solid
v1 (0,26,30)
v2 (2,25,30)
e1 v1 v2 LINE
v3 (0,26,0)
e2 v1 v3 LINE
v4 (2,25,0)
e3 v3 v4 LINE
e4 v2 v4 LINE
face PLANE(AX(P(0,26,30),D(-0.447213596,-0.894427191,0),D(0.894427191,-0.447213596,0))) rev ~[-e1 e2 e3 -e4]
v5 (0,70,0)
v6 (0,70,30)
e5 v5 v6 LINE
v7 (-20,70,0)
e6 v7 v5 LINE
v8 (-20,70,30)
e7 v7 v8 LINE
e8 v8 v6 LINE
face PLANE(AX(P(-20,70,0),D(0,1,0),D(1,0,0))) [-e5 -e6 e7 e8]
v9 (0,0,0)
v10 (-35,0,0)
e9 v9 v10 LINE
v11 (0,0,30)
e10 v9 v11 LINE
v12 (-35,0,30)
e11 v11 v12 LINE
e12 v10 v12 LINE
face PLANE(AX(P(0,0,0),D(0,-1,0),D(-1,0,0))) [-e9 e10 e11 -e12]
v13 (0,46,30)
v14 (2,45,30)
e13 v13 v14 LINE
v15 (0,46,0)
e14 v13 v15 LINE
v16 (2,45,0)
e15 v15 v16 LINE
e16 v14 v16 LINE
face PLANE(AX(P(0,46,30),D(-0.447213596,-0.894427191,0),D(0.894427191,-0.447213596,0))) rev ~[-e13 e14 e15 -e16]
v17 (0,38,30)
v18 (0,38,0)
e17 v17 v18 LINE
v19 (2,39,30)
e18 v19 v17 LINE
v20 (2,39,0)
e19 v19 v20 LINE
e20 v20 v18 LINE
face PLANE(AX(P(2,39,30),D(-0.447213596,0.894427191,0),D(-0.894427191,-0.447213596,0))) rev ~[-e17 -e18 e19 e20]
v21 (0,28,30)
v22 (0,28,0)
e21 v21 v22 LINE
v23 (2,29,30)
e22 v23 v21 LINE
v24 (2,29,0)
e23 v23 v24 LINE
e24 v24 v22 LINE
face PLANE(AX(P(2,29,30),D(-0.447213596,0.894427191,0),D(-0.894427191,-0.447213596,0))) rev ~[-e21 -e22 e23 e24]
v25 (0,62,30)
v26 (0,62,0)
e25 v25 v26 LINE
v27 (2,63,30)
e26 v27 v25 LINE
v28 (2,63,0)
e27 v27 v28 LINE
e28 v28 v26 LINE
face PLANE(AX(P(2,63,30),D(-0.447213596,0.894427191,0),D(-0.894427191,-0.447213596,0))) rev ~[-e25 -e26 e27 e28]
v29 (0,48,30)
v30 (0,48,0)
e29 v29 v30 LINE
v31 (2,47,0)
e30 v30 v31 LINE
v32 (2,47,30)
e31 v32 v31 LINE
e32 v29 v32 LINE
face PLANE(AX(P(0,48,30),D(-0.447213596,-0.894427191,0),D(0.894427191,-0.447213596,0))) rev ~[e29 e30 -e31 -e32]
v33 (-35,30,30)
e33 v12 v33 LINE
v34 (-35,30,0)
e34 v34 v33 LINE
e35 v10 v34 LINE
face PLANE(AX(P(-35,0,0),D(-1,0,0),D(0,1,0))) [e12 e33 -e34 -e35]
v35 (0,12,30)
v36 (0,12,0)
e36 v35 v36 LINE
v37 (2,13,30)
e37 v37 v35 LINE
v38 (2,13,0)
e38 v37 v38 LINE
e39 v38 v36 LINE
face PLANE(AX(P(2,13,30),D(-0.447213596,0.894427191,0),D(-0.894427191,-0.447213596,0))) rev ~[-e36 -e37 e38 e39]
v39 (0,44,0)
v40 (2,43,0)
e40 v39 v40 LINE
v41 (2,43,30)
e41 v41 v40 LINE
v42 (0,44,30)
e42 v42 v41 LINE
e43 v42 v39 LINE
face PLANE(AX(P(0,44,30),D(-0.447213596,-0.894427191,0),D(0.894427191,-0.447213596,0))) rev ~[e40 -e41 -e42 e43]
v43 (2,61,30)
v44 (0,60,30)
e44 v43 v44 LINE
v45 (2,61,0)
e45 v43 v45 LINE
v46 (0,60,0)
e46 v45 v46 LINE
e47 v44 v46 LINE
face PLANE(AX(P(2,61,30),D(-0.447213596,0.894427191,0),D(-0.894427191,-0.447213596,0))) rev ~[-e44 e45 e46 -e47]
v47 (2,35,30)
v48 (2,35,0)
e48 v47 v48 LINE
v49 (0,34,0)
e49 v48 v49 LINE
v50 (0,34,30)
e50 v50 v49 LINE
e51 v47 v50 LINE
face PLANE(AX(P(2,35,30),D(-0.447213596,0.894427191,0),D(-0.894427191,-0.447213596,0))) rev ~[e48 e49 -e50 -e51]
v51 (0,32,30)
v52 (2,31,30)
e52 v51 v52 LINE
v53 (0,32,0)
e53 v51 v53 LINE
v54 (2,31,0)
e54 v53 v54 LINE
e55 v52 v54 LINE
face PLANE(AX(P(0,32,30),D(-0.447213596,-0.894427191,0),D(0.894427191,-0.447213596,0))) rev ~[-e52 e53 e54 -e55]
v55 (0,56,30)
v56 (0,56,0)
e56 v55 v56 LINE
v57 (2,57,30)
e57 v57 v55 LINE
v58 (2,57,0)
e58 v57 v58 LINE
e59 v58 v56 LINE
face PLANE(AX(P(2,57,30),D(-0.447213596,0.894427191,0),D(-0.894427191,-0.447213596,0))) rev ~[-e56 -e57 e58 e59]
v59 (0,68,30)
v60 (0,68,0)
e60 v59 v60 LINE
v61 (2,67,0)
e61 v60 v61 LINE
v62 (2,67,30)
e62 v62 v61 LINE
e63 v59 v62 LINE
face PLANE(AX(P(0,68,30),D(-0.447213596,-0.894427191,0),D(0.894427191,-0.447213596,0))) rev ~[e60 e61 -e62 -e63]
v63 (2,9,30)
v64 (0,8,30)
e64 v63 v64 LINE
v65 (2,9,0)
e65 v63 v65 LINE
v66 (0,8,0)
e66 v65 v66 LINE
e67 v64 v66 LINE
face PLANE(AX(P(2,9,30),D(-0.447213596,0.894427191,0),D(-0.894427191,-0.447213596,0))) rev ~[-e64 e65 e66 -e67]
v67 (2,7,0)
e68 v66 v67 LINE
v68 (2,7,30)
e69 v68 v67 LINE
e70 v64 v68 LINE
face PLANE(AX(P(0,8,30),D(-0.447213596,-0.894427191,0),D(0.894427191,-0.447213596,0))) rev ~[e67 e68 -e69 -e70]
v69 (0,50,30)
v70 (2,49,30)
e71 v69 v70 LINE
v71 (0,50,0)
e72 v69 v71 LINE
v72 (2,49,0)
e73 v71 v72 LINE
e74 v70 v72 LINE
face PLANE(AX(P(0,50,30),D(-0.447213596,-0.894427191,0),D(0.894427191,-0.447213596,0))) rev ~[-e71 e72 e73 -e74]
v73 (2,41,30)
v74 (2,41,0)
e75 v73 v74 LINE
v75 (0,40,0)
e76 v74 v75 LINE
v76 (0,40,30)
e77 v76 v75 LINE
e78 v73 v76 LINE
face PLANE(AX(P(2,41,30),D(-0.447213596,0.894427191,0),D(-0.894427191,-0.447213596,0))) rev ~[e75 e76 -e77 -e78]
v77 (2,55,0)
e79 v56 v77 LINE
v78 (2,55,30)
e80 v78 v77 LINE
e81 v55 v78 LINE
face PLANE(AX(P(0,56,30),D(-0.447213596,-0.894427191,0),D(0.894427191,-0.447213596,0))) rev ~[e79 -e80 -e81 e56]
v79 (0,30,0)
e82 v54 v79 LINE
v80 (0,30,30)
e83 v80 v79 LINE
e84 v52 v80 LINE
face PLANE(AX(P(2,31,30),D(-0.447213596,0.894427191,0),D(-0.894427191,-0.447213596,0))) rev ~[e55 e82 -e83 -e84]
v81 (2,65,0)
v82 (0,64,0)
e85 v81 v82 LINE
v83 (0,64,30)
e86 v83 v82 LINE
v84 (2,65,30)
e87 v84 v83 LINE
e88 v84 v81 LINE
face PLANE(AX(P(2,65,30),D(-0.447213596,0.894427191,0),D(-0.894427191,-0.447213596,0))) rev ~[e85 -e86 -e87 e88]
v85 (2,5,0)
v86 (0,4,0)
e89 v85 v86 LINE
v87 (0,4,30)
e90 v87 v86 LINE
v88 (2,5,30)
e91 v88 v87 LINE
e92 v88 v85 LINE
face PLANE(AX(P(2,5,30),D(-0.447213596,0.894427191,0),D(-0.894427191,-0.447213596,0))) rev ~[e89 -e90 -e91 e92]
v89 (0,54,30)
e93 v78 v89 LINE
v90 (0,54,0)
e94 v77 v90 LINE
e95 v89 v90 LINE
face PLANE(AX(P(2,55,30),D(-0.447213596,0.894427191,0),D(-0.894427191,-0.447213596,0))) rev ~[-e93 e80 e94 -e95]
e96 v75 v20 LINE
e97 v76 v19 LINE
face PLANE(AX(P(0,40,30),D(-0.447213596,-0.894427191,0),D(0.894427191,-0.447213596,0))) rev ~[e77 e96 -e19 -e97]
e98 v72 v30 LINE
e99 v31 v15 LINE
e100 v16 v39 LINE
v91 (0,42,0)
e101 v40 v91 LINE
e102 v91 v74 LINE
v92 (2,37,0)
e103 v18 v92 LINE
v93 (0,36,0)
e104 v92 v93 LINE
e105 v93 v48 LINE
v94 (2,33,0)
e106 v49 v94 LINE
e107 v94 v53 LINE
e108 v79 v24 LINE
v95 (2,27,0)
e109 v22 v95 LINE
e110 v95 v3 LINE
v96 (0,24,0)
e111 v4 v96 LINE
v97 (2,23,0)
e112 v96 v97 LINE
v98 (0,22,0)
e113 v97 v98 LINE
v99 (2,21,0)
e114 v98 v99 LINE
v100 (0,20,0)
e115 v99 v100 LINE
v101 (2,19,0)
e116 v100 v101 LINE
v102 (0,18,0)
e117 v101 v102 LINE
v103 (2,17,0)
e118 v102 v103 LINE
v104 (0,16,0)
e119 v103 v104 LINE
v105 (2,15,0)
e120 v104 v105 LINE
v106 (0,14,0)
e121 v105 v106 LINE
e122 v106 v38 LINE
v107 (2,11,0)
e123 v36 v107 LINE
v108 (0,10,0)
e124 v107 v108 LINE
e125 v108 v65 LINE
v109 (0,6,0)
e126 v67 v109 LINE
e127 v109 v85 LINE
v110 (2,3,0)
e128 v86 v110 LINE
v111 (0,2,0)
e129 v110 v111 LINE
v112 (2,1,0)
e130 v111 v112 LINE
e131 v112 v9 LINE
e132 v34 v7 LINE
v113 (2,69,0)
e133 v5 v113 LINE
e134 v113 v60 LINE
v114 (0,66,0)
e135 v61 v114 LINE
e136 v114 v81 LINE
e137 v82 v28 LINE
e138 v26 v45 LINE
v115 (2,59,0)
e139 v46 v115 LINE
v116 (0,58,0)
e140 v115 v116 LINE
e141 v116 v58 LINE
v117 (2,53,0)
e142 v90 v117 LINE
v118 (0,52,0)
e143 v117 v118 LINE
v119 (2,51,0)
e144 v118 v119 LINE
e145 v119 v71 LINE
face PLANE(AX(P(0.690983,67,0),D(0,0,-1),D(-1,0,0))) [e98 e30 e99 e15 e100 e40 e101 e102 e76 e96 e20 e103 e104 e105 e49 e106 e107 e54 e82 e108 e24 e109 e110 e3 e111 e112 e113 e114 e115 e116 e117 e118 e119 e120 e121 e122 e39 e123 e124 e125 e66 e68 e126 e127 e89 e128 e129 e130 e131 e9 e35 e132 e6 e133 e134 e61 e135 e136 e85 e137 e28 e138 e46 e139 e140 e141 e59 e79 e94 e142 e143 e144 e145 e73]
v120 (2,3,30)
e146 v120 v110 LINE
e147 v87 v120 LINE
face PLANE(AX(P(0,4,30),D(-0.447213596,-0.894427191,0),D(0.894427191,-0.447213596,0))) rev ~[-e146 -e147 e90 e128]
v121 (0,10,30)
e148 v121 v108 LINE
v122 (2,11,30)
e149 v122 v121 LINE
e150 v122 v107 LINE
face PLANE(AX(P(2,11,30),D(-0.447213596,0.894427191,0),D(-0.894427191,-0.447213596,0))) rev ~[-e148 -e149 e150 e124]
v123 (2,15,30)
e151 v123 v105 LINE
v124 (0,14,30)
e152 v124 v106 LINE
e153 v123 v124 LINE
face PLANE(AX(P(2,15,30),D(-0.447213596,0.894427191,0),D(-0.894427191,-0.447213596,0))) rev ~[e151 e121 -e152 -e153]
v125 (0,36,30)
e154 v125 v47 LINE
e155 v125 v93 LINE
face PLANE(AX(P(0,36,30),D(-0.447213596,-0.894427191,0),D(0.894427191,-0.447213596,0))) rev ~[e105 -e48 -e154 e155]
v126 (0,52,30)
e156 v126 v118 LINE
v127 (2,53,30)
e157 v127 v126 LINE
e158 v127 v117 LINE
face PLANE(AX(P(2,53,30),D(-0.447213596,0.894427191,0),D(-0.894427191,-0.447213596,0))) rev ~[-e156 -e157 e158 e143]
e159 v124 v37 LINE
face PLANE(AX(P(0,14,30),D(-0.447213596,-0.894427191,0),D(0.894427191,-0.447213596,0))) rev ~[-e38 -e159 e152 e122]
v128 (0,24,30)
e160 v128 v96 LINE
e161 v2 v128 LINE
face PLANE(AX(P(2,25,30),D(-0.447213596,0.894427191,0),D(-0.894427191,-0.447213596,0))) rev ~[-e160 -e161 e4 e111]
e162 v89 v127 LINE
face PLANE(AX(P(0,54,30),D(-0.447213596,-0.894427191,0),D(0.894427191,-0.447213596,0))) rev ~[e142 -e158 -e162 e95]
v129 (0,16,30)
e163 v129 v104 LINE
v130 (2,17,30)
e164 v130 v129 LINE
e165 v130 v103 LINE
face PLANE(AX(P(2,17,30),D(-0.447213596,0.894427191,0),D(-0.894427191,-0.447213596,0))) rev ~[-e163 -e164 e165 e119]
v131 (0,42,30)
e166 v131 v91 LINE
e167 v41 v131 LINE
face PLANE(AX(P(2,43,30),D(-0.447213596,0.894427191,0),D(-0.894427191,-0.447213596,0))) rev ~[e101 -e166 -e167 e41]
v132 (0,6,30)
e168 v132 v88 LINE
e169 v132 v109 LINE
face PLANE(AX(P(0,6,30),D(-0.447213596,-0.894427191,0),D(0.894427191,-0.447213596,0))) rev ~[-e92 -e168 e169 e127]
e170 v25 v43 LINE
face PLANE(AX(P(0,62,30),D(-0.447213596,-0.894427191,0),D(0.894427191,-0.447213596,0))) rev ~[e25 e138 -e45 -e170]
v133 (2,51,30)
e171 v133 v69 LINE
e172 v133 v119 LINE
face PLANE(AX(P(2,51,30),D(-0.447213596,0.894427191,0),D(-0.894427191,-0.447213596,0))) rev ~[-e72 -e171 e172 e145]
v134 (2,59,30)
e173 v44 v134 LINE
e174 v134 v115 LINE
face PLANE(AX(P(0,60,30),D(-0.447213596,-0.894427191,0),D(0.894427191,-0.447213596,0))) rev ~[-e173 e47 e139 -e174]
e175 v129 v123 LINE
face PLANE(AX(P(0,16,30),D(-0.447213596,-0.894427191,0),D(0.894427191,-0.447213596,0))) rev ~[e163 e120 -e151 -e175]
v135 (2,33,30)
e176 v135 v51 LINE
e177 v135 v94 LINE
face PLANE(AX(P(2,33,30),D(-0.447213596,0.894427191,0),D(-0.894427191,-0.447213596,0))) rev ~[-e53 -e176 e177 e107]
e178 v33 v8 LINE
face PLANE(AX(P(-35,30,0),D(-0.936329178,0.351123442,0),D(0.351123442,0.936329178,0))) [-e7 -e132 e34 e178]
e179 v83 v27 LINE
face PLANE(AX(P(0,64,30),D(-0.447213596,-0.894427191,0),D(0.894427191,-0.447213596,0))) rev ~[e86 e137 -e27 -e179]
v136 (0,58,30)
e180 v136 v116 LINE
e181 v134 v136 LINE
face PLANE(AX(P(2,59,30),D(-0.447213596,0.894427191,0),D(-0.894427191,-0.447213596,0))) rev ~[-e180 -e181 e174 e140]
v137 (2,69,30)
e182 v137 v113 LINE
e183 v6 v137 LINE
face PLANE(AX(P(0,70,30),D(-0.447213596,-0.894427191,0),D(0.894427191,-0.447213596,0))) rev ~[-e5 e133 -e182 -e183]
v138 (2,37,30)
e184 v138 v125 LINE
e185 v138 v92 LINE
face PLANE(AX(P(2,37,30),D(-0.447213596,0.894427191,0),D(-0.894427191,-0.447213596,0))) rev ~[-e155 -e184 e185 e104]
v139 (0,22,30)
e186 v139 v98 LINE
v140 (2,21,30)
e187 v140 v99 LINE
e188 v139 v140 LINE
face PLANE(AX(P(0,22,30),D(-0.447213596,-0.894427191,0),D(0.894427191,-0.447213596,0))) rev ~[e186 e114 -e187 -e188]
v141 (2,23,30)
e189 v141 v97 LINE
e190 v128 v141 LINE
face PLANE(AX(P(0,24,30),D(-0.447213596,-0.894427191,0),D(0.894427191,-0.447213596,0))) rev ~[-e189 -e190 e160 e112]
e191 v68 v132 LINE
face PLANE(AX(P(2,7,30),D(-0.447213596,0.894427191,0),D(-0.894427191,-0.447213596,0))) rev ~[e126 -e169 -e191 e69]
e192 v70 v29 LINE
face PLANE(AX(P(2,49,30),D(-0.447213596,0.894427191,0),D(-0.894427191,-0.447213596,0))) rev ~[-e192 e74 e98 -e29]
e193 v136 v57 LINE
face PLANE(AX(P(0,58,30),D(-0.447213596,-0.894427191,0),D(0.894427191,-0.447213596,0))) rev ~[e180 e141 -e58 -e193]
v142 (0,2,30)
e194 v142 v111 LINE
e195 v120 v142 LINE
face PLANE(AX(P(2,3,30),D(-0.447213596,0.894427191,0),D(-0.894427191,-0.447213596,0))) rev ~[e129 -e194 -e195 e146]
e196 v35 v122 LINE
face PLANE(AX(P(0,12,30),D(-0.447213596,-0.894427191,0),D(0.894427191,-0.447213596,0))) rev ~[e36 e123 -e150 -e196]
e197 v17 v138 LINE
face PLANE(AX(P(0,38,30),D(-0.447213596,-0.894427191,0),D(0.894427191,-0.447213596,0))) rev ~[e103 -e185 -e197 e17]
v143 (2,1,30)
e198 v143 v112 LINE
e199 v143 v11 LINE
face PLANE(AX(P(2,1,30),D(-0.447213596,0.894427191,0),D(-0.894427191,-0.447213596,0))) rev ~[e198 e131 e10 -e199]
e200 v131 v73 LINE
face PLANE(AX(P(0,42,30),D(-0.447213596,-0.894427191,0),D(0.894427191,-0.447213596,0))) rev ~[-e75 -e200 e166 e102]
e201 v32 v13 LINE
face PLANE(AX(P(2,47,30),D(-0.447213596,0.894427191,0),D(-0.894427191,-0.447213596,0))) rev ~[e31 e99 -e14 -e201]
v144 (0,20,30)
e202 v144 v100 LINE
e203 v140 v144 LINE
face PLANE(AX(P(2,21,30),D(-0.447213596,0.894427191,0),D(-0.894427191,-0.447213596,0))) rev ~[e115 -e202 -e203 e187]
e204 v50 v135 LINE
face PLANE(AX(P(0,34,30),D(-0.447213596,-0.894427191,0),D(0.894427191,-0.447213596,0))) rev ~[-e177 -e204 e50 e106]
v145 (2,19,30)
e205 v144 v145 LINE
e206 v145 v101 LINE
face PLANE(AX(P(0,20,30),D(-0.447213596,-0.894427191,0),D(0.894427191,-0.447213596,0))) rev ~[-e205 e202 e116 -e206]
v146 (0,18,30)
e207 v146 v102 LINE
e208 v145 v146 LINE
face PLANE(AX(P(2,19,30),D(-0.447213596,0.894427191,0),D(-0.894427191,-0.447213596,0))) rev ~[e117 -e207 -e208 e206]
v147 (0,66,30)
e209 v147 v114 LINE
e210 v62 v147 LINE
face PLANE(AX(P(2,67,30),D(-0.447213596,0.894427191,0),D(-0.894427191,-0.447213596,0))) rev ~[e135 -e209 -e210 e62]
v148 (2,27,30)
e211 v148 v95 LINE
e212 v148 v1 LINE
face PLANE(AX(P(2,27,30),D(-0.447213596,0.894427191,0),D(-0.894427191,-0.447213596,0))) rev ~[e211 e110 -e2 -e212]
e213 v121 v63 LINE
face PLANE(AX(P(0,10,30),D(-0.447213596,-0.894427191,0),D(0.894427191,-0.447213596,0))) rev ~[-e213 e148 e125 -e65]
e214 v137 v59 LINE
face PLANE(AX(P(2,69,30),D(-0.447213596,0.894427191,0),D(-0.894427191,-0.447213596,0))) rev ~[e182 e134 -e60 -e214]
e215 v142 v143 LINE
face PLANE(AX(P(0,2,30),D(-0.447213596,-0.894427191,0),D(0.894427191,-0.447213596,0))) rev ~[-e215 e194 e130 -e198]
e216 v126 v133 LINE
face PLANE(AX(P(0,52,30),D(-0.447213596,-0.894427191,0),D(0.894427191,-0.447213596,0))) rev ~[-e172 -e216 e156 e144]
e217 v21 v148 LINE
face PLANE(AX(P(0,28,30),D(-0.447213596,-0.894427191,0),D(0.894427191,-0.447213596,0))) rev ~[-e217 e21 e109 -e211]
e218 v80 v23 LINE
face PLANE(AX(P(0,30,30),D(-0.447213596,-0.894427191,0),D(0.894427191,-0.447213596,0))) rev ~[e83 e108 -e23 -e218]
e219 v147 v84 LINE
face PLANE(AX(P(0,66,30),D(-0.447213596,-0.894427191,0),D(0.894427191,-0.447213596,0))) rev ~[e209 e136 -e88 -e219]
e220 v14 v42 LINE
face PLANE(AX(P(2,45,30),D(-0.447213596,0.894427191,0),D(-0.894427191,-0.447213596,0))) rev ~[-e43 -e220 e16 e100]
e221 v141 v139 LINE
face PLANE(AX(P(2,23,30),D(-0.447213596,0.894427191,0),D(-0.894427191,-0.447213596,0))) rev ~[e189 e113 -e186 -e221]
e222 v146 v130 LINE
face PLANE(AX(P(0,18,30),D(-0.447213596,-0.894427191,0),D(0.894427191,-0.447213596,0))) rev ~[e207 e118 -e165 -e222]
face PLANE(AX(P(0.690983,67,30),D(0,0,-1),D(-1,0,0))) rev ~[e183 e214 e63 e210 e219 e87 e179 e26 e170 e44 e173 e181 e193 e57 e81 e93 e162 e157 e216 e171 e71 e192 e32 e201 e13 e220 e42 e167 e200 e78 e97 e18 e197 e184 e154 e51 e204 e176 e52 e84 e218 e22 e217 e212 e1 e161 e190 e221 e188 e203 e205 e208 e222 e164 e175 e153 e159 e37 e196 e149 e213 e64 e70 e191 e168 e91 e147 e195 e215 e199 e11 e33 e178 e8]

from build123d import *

# Parameters (mm, degrees)
BOSS_EXTRUDE1_DEPTH = 30
BOSS_EXTRUDE3_DEPTH = 30
LPATTERN1_COUNT     = 35
LPATTERN1_PITCH     = 2


with BuildPart() as part:
    # Sketch2 → Boss-Extrude1 (new body)
    with BuildSketch(Plane.XY):
        Polygon((-35, 30), (-20, 70), (0, 70), (0, 0), (-35, 0), align=None)
    extrude(amount=BOSS_EXTRUDE1_DEPTH)

    # Sketch3 → Boss-Extrude3 (add)
    with BuildSketch(Plane.XY.offset(30)):
        Polygon((0, 70), (2, 69), (0, 68), align=None)
    boss_extrude3 = extrude(amount=-BOSS_EXTRUDE3_DEPTH)

    # LPattern1: Boss-Extrude3 ×35
    with Locations(*[(0, -i * LPATTERN1_PITCH, 0) for i in range(1, LPATTERN1_COUNT)]):
        add(boss_extrude3)


solid = part.part
